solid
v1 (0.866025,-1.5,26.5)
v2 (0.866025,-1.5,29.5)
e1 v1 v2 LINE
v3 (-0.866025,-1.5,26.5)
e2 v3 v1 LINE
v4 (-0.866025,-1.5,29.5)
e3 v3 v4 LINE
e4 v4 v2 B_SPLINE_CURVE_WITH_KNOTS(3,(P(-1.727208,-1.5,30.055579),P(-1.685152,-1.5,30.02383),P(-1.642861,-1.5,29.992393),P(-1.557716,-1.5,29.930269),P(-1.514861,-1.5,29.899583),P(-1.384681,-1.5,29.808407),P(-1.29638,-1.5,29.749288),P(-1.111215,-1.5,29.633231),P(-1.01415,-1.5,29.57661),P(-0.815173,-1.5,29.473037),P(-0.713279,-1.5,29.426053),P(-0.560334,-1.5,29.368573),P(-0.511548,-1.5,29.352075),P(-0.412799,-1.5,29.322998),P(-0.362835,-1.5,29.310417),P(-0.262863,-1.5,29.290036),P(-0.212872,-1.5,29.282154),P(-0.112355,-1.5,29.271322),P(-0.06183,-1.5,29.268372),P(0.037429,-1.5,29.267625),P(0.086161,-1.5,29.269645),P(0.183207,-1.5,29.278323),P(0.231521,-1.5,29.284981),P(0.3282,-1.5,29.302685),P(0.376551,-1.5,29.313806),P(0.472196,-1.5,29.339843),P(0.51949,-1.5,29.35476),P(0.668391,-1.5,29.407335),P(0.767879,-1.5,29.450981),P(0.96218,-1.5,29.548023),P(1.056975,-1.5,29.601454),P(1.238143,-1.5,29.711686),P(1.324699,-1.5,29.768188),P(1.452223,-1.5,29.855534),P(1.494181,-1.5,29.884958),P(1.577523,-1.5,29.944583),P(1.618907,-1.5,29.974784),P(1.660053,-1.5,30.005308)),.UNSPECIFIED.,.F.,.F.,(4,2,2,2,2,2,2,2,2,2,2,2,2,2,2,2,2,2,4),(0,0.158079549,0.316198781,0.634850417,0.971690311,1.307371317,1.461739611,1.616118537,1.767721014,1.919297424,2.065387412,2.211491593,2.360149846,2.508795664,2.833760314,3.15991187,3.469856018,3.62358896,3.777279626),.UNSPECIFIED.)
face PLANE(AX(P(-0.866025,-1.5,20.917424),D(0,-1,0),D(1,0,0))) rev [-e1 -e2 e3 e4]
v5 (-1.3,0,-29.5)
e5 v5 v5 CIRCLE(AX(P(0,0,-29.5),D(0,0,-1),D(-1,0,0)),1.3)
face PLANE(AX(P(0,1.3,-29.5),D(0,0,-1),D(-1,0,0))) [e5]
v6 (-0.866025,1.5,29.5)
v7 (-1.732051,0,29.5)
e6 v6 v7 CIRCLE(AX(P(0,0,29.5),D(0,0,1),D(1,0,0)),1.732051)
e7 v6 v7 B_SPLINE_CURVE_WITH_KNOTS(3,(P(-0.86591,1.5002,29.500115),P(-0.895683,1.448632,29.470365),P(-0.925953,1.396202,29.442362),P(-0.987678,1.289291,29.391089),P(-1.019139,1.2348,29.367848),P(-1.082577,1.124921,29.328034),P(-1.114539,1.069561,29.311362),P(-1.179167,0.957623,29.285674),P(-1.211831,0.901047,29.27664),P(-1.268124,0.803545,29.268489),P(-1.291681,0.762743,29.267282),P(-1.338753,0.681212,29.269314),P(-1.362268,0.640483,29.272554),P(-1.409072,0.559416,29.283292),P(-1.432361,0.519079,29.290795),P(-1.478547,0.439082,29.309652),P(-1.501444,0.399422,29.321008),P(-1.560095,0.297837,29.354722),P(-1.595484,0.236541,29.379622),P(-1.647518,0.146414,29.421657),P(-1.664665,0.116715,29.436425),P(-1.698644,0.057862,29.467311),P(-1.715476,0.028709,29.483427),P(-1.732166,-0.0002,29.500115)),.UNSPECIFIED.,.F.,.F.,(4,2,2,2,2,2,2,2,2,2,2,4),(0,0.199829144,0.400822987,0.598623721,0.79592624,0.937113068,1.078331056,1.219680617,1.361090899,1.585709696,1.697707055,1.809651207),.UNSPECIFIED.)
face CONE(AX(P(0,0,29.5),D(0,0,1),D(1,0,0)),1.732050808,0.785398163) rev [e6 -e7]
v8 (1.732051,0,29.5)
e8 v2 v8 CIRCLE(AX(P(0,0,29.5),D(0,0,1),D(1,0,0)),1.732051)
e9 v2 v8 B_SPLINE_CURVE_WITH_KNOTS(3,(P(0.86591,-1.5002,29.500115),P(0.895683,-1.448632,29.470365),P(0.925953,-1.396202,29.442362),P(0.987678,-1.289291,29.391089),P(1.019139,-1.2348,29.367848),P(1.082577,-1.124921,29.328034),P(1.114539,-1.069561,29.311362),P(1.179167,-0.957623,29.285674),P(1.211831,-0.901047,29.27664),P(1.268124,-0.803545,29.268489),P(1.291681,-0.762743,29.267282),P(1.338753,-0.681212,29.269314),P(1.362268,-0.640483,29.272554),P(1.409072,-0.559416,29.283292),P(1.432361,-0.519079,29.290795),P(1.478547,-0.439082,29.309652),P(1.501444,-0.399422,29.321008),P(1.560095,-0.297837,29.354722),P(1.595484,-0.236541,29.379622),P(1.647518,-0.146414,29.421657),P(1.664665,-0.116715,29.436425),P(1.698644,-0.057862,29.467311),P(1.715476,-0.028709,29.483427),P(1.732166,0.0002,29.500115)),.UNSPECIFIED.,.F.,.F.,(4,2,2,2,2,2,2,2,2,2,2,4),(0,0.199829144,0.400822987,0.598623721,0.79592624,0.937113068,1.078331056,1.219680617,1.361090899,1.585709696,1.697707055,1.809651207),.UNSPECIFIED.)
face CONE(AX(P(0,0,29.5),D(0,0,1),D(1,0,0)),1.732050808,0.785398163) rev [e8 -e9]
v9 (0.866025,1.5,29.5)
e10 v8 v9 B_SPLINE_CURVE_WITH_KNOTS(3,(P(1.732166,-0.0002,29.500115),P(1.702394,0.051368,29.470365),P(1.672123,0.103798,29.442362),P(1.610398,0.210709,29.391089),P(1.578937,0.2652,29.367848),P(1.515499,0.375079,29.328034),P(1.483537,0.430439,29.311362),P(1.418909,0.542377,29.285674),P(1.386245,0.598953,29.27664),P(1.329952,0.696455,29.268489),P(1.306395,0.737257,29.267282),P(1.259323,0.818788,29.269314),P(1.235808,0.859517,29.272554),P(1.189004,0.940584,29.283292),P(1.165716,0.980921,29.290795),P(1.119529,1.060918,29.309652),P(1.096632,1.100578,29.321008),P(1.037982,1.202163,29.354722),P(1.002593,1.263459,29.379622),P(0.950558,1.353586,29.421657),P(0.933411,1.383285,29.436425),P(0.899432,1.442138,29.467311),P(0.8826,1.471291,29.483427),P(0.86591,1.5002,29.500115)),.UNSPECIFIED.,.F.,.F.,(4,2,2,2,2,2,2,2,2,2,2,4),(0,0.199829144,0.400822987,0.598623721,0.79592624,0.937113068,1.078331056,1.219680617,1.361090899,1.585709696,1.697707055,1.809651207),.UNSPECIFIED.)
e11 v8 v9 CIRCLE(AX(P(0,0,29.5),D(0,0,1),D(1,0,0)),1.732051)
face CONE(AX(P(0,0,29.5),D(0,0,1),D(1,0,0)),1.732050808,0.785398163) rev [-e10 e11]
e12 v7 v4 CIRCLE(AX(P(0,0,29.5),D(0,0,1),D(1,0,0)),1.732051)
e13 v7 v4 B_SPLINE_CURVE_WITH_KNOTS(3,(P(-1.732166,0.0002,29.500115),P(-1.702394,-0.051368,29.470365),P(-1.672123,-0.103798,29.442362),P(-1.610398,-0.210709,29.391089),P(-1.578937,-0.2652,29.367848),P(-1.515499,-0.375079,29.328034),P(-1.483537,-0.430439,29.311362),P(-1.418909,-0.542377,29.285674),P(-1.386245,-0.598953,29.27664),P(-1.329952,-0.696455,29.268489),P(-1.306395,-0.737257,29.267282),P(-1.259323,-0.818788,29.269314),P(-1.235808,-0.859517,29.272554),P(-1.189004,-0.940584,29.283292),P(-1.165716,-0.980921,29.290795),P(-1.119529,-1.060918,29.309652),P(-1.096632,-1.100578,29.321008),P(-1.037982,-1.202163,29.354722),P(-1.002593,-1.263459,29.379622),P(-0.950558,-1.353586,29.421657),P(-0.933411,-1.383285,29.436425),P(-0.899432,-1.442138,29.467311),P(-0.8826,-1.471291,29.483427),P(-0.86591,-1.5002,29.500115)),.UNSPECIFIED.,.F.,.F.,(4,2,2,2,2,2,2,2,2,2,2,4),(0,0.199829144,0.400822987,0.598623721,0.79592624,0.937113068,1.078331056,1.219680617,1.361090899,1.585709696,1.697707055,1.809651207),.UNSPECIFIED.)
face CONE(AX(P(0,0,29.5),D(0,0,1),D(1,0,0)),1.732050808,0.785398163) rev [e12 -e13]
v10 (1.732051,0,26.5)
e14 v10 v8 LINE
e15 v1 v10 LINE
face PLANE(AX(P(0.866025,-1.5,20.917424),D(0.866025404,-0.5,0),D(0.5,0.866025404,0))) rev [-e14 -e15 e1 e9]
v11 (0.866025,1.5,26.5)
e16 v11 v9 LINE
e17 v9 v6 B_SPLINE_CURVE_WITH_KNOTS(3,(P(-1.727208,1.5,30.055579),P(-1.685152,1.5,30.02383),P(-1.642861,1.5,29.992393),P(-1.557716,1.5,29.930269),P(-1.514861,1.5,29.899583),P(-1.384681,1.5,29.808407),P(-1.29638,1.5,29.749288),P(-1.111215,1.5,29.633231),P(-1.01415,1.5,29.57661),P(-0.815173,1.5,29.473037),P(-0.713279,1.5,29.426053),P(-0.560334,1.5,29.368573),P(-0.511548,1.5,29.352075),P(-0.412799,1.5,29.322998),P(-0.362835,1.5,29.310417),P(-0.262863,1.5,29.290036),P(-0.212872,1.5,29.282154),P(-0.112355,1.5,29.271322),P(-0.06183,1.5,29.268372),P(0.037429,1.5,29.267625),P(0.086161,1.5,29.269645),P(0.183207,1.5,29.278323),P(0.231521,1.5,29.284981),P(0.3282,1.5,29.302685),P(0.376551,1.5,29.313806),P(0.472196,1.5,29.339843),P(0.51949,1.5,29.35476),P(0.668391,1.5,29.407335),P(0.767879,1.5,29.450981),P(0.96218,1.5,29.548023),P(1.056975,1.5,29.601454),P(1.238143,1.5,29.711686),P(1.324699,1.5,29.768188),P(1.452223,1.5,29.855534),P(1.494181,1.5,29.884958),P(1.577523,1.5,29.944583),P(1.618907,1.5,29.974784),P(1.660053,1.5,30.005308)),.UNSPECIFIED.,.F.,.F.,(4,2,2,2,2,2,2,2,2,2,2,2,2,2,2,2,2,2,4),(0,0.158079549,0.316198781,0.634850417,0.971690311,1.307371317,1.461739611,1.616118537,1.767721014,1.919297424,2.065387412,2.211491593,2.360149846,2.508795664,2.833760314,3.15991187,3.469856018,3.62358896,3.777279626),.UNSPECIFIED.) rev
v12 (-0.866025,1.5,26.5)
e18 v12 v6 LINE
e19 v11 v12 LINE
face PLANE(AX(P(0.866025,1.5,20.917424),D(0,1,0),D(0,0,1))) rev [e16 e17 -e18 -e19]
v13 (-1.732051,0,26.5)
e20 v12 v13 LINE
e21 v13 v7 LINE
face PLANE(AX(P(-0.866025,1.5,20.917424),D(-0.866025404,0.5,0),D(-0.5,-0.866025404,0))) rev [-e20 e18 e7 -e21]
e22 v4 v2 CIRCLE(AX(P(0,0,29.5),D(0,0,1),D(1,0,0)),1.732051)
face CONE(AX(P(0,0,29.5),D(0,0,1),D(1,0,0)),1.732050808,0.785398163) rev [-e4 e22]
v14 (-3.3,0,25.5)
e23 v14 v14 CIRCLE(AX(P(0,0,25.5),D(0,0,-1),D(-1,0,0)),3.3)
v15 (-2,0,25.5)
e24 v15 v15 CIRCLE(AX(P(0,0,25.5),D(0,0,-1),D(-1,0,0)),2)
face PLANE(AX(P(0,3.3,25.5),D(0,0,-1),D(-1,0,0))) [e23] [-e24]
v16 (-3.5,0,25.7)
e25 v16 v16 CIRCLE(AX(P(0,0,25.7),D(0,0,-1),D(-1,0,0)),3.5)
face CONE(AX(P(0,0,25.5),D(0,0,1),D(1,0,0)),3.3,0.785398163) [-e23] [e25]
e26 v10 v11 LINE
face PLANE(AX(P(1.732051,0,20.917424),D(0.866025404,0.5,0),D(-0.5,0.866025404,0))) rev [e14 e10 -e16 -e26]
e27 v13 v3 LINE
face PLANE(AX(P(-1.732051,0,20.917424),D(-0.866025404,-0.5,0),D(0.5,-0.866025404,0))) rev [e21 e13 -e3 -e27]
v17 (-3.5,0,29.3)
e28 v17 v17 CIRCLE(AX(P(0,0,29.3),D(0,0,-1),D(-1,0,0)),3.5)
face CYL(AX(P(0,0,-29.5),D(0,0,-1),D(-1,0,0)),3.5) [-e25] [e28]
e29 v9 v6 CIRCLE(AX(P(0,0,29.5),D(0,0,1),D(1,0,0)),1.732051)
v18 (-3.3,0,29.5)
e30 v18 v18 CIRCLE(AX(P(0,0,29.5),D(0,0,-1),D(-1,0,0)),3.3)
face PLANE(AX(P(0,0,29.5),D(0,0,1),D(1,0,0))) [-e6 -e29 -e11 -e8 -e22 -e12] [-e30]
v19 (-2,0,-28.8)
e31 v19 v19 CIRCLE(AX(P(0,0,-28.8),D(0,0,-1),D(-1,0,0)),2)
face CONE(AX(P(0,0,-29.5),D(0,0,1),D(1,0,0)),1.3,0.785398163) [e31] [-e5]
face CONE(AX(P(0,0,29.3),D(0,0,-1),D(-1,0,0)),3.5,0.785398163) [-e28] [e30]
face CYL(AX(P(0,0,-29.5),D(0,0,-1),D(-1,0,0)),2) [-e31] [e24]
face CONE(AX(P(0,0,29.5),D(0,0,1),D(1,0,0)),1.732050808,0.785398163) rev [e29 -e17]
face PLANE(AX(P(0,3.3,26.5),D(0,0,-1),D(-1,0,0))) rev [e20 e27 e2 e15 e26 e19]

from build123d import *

# Parameters (mm, degrees)
CUT_EXTRUDE1_DEPTH = 3


with BuildPart() as part:
    # Sketch2 → Revolve1 (revolve)
    with BuildSketch(Plane(origin=(0, 0, 0), x_dir=(0, 0, -1), z_dir=(1, 0, 0)), mode=Mode.PRIVATE) as revolve1_sk:
        Polygon((-29.5, 0), (-29.5, 3.3), (-29.3, 3.5), (-25.7, 3.5), (-25.5, 3.3), (-25.5, 2), (28.8, 2), (29.5, 1.3), (29.5, 0), align=None)
    revolve(revolve1_sk.sketch.rotate(Axis((0, 0, -29.5), (0, 0, 1)), 90), axis=Axis((0, 0, -29.5), (0, 0, 1)))

    # Sketch3 → Cut-Extrude1 (cut)
    with BuildSketch(Plane.XY.offset(29.5)):
        Polygon((0.866025404, 1.5), (-0.866025404, 1.5), (-1.732050808, 0), (-0.866025404, -1.5), (0.866025404, -1.5), (1.732050808, 0), align=None)
    extrude(amount=-CUT_EXTRUDE1_DEPTH, mode=Mode.SUBTRACT)

    # Cut-Extrude2 cone 1 section (through the dimple's axis) → Cut-Extrude2 (revolve, cut)
    with BuildSketch(Plane(origin=(0, 0, 29.5), x_dir=(0, -1, 0), z_dir=(1, 0, 0))):
        Polygon((0, 0), (1.732050808, 0), (0, 1.732050808), align=None)
    revolve(axis=Axis((0, 0, 29.5), (0, 0, -1)), mode=Mode.SUBTRACT)


solid = part.part
